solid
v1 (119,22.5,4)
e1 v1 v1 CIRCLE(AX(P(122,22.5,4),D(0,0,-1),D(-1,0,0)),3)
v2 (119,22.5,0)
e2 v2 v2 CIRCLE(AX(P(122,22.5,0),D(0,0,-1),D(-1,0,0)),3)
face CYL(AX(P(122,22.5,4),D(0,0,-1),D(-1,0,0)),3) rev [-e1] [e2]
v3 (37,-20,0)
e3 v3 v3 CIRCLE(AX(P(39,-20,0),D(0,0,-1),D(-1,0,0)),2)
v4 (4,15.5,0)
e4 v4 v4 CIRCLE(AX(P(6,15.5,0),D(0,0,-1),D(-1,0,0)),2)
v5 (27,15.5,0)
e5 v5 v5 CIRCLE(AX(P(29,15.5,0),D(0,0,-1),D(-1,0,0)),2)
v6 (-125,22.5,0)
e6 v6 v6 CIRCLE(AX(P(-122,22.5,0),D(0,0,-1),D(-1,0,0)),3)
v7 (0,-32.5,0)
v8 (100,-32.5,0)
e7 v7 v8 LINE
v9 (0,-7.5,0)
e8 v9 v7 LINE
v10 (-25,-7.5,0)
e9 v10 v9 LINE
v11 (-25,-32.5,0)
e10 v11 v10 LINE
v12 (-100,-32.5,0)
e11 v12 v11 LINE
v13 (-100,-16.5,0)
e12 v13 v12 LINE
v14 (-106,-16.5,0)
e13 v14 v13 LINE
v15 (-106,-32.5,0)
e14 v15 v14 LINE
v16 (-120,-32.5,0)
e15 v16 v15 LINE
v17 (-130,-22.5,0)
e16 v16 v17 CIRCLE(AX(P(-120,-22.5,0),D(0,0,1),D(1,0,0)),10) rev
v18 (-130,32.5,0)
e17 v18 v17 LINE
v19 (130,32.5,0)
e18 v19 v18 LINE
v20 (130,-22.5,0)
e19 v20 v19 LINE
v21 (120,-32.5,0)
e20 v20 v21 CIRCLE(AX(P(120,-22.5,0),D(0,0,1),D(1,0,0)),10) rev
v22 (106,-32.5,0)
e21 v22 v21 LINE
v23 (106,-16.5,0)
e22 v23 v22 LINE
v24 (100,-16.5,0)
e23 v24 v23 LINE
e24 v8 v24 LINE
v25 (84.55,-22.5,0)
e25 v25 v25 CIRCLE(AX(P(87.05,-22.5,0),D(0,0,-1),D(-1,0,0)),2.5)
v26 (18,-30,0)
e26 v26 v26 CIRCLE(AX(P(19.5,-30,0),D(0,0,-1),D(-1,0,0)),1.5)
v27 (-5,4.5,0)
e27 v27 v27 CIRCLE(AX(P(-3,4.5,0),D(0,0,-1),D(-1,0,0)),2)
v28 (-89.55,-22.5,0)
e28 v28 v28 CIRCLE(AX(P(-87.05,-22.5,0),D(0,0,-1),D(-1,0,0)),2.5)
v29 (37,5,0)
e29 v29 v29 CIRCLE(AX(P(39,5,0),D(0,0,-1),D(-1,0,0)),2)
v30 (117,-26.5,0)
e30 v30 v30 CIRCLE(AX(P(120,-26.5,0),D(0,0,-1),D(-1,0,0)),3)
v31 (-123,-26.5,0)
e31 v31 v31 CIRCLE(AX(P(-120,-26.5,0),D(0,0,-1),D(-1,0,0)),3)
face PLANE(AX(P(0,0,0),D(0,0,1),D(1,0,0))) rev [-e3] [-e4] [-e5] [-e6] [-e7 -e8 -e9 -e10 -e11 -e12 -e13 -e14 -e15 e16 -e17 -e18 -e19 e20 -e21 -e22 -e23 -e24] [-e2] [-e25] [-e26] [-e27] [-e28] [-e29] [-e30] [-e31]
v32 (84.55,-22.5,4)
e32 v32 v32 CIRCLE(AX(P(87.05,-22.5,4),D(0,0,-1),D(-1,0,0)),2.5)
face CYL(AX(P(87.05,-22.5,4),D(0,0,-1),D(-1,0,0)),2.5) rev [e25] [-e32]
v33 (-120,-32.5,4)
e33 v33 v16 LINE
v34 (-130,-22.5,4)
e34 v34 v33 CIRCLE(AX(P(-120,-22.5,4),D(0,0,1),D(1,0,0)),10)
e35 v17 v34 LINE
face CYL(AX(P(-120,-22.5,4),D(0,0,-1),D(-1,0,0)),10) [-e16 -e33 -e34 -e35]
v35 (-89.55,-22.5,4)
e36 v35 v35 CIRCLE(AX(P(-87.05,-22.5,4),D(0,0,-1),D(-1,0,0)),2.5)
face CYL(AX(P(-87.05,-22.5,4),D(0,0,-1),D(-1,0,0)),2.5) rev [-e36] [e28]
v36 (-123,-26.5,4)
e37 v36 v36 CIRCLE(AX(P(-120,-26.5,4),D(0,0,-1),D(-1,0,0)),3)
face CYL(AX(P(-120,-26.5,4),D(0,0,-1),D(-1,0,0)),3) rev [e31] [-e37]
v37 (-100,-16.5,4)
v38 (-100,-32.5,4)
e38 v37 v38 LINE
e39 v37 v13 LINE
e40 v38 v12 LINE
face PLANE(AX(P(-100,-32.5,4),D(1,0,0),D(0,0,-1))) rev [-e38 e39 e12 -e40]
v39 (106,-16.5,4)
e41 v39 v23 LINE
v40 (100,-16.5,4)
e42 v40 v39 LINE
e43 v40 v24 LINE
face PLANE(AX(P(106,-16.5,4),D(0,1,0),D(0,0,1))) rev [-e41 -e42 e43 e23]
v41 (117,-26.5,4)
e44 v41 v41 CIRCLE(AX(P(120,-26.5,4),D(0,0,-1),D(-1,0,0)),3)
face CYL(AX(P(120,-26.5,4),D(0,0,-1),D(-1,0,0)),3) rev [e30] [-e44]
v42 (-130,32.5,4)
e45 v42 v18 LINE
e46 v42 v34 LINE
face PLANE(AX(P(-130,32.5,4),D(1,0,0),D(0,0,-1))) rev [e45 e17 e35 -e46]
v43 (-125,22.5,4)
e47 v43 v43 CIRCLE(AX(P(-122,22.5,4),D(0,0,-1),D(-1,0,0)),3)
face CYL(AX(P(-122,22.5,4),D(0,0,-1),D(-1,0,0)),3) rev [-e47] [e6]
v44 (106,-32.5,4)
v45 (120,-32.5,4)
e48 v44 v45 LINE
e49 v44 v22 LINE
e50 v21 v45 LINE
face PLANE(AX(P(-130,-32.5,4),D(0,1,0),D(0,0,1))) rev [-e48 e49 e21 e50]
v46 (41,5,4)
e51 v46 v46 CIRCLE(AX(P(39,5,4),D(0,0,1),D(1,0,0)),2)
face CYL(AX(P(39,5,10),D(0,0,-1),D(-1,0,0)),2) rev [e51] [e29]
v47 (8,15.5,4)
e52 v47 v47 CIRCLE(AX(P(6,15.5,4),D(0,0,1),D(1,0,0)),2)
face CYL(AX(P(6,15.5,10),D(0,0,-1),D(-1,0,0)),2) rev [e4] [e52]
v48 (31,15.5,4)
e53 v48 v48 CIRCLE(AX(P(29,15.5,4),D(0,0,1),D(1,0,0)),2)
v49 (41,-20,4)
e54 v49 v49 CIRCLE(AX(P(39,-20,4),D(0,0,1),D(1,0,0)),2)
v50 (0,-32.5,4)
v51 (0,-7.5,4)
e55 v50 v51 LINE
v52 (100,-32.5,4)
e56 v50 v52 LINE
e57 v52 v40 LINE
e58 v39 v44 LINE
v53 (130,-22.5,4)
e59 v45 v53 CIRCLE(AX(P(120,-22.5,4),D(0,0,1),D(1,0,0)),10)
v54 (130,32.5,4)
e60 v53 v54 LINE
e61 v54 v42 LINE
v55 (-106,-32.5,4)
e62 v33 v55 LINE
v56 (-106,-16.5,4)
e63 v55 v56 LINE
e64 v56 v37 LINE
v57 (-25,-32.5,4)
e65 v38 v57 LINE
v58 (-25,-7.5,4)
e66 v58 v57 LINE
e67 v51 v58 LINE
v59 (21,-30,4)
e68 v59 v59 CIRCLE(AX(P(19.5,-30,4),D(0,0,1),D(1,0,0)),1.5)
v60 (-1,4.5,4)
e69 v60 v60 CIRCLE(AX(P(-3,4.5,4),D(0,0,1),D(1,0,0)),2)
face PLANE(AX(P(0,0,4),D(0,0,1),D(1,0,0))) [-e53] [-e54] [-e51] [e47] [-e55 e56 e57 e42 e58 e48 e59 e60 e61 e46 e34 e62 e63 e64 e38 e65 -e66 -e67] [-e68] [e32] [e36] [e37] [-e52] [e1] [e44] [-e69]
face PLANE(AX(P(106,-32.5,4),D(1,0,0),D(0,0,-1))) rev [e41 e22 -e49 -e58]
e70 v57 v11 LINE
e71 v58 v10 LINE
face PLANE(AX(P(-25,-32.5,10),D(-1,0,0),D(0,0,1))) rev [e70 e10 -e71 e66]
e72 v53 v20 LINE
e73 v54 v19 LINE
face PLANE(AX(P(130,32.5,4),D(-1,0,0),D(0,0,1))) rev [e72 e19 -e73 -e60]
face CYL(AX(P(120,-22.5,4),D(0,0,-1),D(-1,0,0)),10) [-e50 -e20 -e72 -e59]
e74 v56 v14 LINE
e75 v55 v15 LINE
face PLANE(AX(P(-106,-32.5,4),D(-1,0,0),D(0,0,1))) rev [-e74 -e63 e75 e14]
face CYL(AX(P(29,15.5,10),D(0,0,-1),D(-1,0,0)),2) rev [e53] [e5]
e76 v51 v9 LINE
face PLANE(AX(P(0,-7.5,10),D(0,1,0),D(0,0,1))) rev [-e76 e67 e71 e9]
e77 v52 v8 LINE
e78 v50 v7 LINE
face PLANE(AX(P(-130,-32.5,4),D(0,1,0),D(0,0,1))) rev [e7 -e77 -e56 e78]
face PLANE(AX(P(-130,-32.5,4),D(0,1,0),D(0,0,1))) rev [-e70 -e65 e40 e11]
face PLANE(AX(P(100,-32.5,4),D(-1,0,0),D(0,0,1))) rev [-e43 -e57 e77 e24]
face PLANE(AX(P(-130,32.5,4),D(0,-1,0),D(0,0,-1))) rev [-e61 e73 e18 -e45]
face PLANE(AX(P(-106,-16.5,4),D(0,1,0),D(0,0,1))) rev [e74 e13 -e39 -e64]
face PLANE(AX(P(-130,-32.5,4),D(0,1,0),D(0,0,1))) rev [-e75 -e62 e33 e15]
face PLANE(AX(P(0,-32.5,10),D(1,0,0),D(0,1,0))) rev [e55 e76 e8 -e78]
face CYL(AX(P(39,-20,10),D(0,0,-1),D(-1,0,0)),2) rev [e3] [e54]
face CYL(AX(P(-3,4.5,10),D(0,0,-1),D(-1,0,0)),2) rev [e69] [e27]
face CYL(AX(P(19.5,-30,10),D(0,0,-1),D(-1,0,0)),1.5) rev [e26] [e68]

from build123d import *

# Parameters (mm, degrees)
SKETCH1_W           = 260
SKETCH1_H           = 65
BOSS_EXTRUDE2_DEPTH = 4
SKETCH3_R           = 3
CUT_EXTRUDE2_DEPTH  = 135.060620616
FILLET1_R           = 10
SKETCH4_W           = 25
SKETCH4_H           = 25
CUT_EXTRUDE3_DEPTH  = 10
SKETCH5_W           = 6
SKETCH5_H           = 16
CUT_EXTRUDE4_DEPTH  = 135.060620616
SKETCH6_R           = 2.5
CUT_EXTRUDE5_DEPTH  = 135.060620616
SKETCH7_R           = 2
SKETCH7_R_2         = 1.5
CUT_EXTRUDE6_DEPTH  = 10


with BuildPart() as part:
    # Sketch1 → Boss-Extrude2 (new body)
    with BuildSketch(Plane.XY):
        Rectangle(SKETCH1_W, SKETCH1_H)
    extrude(amount=BOSS_EXTRUDE2_DEPTH)

    # Sketch3 → Cut-Extrude2 (cut, through all)
    with BuildSketch(Plane(origin=(0, 0, 0), x_dir=(-1, 0, 0), z_dir=(0, 0, -1))):
        with Locations((120, -26.5)):
            Circle(SKETCH3_R)
        with Locations((-120, -26.5)):
            Circle(SKETCH3_R)
        with Locations((-122, 22.5)):
            Circle(SKETCH3_R)
        with Locations((122, 22.5)):
            Circle(SKETCH3_R)
    extrude(amount=-CUT_EXTRUDE2_DEPTH, mode=Mode.SUBTRACT)

    # Fillet1
    fillet1_edges = [part.edges().sort_by_distance(p)[0] for p in [
        (130, -32.5, 2),
        (-130, -32.5, 2),
    ]]
    fillet(fillet1_edges, radius=FILLET1_R)

    # Sketch4 → Cut-Extrude3 (cut)
    with BuildSketch(Plane(origin=(0, 0, 0), x_dir=(-1, 0, 0), z_dir=(0, 0, -1))):
        with Locations((12.5, -20)):
            Rectangle(SKETCH4_W, SKETCH4_H)
    extrude(amount=-CUT_EXTRUDE3_DEPTH, mode=Mode.SUBTRACT)

    # Sketch5 → Cut-Extrude4 (cut, through all)
    with BuildSketch(Plane(origin=(0, 0, 0), x_dir=(-1, 0, 0), z_dir=(0, 0, -1))):
        with Locations((-103, -24.5)):
            Rectangle(SKETCH5_W, SKETCH5_H)
        with Locations((103, -24.5)):
            Rectangle(SKETCH5_W, SKETCH5_H)
    extrude(amount=-CUT_EXTRUDE4_DEPTH, mode=Mode.SUBTRACT)

    # Sketch6 → Cut-Extrude5 (cut, through all)
    with BuildSketch(Plane(origin=(0, 0, 0), x_dir=(-1, 0, 0), z_dir=(0, 0, -1))):
        with Locations((87.05, -22.5)):
            Circle(SKETCH6_R)
        with Locations((-87.05, -22.5)):
            Circle(SKETCH6_R)
    extrude(amount=-CUT_EXTRUDE5_DEPTH, mode=Mode.SUBTRACT)

    # Sketch7 → Cut-Extrude6 (cut)
    with BuildSketch(Plane(origin=(0, 0, 0), x_dir=(-1, 0, 0), z_dir=(0, 0, -1))):
        with Locations((-39, -20)):
            Circle(SKETCH7_R)
        with Locations((-39, 5)):
            Circle(SKETCH7_R)
        with Locations((-29, 15.5)):
            Circle(SKETCH7_R)
        with Locations((-6, 15.5)):
            Circle(SKETCH7_R)
        with Locations((3, 4.5)):
            Circle(SKETCH7_R)
        with Locations((-19.5, -30)):
            Circle(SKETCH7_R_2)
    extrude(amount=-CUT_EXTRUDE6_DEPTH, mode=Mode.SUBTRACT)


solid = part.part
